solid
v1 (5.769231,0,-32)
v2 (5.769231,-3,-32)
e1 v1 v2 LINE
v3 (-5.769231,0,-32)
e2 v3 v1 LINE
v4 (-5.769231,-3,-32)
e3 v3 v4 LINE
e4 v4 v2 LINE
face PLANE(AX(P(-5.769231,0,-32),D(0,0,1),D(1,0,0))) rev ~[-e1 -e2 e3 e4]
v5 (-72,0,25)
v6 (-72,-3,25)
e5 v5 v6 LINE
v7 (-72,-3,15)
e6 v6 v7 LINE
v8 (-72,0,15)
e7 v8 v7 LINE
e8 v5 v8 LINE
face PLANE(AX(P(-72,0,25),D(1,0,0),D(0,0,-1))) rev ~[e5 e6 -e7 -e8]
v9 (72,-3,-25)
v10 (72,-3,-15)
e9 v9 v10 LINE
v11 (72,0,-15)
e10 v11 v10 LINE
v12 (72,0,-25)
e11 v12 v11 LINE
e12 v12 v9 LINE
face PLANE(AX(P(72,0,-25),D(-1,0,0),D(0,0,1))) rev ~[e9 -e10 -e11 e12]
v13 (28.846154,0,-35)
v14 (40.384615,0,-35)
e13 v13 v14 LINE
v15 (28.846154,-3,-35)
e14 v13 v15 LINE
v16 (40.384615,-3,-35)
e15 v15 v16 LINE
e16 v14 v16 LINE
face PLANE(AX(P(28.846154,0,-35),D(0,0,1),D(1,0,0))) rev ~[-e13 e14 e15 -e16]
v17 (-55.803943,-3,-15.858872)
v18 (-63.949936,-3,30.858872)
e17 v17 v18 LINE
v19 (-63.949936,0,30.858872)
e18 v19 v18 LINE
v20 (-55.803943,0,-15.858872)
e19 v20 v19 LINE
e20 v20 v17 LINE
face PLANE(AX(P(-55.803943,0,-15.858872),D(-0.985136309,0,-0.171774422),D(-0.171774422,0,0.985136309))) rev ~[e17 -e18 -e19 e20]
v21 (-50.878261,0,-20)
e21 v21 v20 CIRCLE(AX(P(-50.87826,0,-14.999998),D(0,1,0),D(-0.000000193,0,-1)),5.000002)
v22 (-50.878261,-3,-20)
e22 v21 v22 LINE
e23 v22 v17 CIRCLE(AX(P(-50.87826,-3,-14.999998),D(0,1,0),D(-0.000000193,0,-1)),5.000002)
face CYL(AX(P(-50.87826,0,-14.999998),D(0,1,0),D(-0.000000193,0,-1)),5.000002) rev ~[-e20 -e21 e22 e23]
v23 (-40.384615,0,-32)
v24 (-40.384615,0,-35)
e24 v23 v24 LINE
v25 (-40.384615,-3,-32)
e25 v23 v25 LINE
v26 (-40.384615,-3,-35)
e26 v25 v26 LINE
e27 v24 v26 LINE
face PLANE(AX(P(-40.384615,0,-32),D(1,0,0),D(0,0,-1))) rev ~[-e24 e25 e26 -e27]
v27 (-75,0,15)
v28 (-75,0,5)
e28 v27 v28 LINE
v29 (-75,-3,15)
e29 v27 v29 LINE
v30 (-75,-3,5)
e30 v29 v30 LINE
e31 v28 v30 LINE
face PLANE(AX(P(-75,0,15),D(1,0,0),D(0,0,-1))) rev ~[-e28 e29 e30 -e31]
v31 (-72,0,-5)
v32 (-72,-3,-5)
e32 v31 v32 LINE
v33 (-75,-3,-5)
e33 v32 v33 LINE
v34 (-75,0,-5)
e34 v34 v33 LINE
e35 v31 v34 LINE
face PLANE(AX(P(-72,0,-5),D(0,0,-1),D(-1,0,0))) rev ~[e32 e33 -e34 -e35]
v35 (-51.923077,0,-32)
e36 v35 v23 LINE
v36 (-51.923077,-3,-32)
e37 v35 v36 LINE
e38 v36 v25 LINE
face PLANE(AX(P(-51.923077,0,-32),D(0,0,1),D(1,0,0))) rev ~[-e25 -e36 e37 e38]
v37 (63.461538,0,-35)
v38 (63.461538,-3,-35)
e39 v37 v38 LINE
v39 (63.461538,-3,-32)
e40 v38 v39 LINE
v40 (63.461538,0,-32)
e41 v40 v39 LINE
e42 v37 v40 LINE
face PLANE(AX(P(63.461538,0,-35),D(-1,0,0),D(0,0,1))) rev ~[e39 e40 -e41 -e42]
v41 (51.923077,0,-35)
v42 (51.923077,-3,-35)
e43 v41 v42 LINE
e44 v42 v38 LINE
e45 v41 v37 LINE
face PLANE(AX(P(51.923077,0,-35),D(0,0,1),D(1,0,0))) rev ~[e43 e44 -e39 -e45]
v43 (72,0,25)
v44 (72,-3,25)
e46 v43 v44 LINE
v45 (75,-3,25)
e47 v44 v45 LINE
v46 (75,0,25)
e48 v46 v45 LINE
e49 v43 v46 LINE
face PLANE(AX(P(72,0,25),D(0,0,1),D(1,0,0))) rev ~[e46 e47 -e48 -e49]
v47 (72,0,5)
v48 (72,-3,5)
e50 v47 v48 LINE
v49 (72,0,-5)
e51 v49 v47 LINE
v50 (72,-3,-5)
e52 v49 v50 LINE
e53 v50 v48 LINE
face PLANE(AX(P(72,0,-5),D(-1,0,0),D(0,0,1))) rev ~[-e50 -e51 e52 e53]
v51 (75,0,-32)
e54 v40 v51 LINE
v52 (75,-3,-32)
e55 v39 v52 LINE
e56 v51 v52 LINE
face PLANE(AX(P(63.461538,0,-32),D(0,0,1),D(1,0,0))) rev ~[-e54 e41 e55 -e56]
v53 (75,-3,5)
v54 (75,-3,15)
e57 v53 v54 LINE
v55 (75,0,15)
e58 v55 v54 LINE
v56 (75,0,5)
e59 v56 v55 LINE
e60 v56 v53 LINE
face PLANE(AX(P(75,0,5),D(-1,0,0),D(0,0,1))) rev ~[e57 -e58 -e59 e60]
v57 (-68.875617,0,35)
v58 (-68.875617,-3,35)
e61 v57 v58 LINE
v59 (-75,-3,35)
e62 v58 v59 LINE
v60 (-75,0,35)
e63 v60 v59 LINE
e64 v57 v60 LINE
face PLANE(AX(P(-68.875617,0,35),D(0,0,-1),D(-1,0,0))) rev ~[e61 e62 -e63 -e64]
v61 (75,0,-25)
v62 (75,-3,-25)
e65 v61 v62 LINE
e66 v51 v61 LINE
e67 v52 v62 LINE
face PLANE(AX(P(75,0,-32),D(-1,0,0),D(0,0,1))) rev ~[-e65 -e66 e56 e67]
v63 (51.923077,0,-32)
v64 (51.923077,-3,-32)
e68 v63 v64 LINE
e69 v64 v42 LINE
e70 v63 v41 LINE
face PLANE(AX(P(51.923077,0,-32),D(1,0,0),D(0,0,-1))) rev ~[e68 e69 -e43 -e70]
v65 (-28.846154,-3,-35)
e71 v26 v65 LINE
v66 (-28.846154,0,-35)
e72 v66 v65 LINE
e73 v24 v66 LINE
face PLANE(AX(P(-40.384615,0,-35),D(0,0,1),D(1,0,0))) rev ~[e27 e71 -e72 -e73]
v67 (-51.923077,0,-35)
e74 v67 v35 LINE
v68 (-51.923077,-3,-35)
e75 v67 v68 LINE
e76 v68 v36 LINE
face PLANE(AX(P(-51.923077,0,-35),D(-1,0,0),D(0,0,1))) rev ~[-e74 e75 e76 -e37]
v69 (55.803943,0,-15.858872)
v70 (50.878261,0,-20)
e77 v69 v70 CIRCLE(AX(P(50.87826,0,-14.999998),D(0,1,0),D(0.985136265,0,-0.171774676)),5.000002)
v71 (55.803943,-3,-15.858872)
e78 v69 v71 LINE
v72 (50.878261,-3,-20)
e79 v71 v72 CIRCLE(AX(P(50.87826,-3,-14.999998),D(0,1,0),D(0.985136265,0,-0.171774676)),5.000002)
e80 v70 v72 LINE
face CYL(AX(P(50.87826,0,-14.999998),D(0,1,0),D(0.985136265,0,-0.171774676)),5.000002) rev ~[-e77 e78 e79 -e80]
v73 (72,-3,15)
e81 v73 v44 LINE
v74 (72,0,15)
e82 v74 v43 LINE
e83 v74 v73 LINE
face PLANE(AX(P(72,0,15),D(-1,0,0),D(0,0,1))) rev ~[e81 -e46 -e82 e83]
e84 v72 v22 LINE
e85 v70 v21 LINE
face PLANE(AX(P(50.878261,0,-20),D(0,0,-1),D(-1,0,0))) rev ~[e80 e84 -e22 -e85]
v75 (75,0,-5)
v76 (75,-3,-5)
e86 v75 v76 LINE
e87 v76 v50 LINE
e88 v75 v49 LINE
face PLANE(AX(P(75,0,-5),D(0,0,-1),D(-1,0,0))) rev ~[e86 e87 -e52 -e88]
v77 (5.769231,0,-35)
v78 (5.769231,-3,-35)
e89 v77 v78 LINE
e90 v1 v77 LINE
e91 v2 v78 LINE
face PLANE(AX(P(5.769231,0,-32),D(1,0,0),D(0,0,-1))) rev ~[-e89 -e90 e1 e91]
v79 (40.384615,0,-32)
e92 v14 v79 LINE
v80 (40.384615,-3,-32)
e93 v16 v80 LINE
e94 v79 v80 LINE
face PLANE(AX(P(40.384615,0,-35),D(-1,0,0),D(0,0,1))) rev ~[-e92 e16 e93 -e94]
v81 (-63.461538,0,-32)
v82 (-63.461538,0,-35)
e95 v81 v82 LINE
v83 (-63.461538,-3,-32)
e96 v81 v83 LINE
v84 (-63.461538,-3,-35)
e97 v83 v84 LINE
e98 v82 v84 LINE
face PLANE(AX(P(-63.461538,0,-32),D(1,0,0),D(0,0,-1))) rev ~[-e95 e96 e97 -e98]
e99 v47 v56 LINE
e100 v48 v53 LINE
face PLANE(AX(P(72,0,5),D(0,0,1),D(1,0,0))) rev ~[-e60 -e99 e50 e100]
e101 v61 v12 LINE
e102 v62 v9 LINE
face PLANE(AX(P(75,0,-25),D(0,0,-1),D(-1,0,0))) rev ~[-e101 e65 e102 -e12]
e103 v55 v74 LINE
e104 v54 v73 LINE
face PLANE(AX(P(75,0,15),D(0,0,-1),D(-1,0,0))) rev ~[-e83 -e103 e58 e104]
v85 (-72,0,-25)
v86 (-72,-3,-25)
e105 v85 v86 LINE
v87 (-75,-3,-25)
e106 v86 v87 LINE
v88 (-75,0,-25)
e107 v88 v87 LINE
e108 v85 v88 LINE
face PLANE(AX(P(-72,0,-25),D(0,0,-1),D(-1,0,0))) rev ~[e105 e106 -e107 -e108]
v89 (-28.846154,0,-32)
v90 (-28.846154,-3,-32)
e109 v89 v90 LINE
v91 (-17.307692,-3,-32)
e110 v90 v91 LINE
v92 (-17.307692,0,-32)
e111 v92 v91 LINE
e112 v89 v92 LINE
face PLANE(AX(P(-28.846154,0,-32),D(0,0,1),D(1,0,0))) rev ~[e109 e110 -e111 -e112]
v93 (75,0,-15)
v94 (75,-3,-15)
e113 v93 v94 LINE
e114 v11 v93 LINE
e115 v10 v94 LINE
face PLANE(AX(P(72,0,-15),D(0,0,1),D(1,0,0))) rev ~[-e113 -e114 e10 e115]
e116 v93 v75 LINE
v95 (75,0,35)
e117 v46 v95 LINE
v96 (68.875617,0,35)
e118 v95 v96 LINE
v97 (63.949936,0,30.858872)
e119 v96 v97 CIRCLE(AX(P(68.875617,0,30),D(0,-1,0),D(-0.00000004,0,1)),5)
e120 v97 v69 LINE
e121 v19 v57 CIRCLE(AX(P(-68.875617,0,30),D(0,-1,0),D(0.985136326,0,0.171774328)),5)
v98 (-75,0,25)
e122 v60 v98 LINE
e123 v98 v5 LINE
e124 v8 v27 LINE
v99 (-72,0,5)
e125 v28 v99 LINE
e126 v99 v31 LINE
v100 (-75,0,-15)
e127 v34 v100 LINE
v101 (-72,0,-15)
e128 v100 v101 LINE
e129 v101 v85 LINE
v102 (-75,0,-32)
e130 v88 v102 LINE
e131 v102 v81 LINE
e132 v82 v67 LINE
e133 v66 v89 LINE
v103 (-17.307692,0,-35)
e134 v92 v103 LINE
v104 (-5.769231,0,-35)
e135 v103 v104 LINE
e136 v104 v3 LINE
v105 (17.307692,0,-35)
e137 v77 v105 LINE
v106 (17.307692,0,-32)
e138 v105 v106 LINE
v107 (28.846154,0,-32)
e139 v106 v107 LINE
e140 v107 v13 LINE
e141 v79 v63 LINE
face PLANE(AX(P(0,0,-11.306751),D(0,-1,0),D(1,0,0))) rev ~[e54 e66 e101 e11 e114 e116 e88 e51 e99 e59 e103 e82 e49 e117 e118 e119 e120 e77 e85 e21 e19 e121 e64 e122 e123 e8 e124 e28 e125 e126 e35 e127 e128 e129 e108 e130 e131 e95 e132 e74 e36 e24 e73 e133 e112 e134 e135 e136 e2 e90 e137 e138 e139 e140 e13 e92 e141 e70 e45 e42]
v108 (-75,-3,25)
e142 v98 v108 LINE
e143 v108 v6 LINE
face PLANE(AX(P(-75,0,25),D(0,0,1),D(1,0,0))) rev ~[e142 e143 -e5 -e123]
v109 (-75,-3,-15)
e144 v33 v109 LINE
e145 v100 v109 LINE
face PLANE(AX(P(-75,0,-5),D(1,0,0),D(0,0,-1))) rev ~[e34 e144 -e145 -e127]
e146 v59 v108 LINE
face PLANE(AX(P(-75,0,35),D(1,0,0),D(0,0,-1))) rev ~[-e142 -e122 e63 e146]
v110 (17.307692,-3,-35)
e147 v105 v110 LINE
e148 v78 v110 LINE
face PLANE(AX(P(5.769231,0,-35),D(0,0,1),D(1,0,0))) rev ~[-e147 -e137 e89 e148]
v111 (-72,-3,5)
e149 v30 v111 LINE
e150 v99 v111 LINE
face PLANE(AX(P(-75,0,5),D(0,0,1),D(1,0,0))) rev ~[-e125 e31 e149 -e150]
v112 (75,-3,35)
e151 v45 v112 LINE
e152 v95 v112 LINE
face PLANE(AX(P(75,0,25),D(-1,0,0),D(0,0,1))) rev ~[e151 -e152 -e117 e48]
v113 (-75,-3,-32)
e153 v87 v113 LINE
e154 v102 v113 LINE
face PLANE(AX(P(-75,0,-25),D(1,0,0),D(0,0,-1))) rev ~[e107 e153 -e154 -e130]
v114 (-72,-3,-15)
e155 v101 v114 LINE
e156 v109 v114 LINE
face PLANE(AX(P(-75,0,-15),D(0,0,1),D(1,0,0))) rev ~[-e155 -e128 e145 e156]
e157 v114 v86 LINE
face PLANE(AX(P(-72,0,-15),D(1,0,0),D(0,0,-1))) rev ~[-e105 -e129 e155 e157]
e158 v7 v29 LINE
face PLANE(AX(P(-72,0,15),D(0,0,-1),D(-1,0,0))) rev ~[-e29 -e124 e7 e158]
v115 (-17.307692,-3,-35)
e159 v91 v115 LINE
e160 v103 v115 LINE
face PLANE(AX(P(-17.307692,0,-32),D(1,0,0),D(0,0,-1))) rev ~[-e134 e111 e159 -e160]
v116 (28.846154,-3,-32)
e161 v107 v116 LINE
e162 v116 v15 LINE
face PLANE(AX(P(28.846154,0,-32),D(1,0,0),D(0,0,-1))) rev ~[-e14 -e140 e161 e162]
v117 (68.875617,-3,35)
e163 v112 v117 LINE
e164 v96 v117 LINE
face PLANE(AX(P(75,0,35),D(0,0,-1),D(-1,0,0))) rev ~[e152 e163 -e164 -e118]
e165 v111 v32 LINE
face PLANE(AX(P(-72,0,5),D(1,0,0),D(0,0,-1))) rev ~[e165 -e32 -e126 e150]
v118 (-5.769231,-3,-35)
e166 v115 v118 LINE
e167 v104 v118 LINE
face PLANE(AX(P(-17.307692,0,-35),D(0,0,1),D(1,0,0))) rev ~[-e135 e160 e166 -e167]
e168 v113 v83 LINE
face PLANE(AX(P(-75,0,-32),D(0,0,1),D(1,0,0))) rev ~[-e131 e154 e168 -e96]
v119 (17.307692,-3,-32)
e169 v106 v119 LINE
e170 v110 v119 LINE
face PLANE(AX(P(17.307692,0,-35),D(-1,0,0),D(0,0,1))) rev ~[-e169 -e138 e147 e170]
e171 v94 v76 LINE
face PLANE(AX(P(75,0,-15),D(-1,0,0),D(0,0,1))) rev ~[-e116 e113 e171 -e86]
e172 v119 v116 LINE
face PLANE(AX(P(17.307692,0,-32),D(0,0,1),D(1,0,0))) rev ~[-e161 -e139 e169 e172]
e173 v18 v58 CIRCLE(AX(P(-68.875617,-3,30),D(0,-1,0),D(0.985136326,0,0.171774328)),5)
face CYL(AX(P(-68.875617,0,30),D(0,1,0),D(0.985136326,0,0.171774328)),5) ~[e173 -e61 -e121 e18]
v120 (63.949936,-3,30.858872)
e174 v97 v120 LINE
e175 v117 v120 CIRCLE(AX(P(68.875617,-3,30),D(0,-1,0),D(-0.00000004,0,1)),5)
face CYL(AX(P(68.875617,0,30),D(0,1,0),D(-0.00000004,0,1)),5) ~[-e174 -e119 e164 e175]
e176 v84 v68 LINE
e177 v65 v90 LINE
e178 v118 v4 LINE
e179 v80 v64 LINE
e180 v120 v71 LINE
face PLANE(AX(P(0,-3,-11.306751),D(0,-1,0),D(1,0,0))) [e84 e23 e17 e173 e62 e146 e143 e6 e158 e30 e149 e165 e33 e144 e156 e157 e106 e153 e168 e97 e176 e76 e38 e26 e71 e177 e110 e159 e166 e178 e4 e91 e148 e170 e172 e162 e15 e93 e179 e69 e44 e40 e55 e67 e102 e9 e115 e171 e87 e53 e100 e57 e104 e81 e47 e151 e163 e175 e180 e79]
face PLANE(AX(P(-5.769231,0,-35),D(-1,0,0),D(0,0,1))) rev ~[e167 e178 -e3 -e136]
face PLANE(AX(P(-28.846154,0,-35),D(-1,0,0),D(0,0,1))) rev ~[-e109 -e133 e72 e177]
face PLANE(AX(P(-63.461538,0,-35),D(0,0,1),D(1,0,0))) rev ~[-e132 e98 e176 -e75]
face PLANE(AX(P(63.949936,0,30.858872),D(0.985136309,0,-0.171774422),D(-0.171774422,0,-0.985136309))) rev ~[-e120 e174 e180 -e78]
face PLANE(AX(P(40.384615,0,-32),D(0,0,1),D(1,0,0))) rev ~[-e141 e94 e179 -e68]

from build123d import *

# Parameters (mm, degrees)
F1_DEPTH = 3


with BuildPart() as f1:
    # F0 (on Front) → F1 (new body)
    with BuildSketch(Plane.XZ):
        with BuildLine():
            Line((75, 25), (75, 35))
            Line((75, 35), (68.875617, 35))
            ThreePointArc((68.875617, 35), (65.658037, 33.827163), (63.949936, 30.858872))
            Line((63.949936, 30.858872), (55.803943, -15.858872))
            ThreePointArc((55.803943, -15.858872), (54.095841, -18.827163), (50.878261, -20))
            Line((50.878261, -20), (0, -20))
            Line((0, -20), (-50.878261, -20))
            ThreePointArc((-50.878261, -20), (-54.095841, -18.827163), (-55.803943, -15.858872))
            Line((-55.803943, -15.858872), (-63.949936, 30.858872))
            ThreePointArc((-63.949936, 30.858872), (-65.658037, 33.827163), (-68.875617, 35))
            Line((-68.875617, 35), (-75, 35))
            Line((-75, 35), (-75, 25))
            Line((-75, 25), (-72, 25))
            Line((-72, 25), (-72, 15))
            Line((-72, 15), (-75, 15))
            Line((-75, 15), (-75, 5))
            Line((-75, 5), (-72, 5))
            Line((-72, 5), (-72, -5))
            Line((-72, -5), (-75, -5))
            Line((-75, -5), (-75, -15))
            Line((-75, -15), (-72, -15))
            Line((-72, -15), (-72, -25))
            Line((-72, -25), (-75, -25))
            Line((-75, -25), (-75, -32))
            Line((-75, -32), (-63.461538, -32))
            Line((-63.461538, -32), (-63.461538, -35))
            Line((-63.461538, -35), (-51.923077, -35))
            Line((-51.923077, -35), (-51.923077, -32))
            Line((-51.923077, -32), (-40.384615, -32))
            Line((-40.384615, -32), (-40.384615, -35))
            Line((-40.384615, -35), (-28.846154, -35))
            Line((-28.846154, -35), (-28.846154, -32))
            Line((-28.846154, -32), (-17.307692, -32))
            Line((-17.307692, -32), (-17.307692, -35))
            Line((-17.307692, -35), (-5.769231, -35))
            Line((-5.769231, -35), (-5.769231, -32))
            Line((-5.769231, -32), (5.769231, -32))
            Line((5.769231, -32), (5.769231, -35))
            Line((5.769231, -35), (17.307692, -35))
            Line((17.307692, -35), (17.307692, -32))
            Line((17.307692, -32), (28.846154, -32))
            Line((28.846154, -32), (28.846154, -35))
            Line((28.846154, -35), (40.384615, -35))
            Line((40.384615, -35), (40.384615, -32))
            Line((40.384615, -32), (51.923077, -32))
            Line((51.923077, -32), (51.923077, -35))
            Line((51.923077, -35), (63.461538, -35))
            Line((63.461538, -35), (63.461538, -32))
            Line((63.461538, -32), (75, -32))
            Line((75, -32), (75, -25))
            Line((75, -25), (72, -25))
            Line((72, -25), (72, -15))
            Line((72, -15), (75, -15))
            Line((75, -15), (75, -5))
            Line((75, -5), (72, -5))
            Line((72, -5), (72, 5))
            Line((72, 5), (75, 5))
            Line((75, 5), (75, 15))
            Line((75, 15), (72, 15))
            Line((72, 15), (72, 25))
            Line((72, 25), (75, 25))
        make_face()
    extrude(amount=F1_DEPTH)


solid = f1.part
